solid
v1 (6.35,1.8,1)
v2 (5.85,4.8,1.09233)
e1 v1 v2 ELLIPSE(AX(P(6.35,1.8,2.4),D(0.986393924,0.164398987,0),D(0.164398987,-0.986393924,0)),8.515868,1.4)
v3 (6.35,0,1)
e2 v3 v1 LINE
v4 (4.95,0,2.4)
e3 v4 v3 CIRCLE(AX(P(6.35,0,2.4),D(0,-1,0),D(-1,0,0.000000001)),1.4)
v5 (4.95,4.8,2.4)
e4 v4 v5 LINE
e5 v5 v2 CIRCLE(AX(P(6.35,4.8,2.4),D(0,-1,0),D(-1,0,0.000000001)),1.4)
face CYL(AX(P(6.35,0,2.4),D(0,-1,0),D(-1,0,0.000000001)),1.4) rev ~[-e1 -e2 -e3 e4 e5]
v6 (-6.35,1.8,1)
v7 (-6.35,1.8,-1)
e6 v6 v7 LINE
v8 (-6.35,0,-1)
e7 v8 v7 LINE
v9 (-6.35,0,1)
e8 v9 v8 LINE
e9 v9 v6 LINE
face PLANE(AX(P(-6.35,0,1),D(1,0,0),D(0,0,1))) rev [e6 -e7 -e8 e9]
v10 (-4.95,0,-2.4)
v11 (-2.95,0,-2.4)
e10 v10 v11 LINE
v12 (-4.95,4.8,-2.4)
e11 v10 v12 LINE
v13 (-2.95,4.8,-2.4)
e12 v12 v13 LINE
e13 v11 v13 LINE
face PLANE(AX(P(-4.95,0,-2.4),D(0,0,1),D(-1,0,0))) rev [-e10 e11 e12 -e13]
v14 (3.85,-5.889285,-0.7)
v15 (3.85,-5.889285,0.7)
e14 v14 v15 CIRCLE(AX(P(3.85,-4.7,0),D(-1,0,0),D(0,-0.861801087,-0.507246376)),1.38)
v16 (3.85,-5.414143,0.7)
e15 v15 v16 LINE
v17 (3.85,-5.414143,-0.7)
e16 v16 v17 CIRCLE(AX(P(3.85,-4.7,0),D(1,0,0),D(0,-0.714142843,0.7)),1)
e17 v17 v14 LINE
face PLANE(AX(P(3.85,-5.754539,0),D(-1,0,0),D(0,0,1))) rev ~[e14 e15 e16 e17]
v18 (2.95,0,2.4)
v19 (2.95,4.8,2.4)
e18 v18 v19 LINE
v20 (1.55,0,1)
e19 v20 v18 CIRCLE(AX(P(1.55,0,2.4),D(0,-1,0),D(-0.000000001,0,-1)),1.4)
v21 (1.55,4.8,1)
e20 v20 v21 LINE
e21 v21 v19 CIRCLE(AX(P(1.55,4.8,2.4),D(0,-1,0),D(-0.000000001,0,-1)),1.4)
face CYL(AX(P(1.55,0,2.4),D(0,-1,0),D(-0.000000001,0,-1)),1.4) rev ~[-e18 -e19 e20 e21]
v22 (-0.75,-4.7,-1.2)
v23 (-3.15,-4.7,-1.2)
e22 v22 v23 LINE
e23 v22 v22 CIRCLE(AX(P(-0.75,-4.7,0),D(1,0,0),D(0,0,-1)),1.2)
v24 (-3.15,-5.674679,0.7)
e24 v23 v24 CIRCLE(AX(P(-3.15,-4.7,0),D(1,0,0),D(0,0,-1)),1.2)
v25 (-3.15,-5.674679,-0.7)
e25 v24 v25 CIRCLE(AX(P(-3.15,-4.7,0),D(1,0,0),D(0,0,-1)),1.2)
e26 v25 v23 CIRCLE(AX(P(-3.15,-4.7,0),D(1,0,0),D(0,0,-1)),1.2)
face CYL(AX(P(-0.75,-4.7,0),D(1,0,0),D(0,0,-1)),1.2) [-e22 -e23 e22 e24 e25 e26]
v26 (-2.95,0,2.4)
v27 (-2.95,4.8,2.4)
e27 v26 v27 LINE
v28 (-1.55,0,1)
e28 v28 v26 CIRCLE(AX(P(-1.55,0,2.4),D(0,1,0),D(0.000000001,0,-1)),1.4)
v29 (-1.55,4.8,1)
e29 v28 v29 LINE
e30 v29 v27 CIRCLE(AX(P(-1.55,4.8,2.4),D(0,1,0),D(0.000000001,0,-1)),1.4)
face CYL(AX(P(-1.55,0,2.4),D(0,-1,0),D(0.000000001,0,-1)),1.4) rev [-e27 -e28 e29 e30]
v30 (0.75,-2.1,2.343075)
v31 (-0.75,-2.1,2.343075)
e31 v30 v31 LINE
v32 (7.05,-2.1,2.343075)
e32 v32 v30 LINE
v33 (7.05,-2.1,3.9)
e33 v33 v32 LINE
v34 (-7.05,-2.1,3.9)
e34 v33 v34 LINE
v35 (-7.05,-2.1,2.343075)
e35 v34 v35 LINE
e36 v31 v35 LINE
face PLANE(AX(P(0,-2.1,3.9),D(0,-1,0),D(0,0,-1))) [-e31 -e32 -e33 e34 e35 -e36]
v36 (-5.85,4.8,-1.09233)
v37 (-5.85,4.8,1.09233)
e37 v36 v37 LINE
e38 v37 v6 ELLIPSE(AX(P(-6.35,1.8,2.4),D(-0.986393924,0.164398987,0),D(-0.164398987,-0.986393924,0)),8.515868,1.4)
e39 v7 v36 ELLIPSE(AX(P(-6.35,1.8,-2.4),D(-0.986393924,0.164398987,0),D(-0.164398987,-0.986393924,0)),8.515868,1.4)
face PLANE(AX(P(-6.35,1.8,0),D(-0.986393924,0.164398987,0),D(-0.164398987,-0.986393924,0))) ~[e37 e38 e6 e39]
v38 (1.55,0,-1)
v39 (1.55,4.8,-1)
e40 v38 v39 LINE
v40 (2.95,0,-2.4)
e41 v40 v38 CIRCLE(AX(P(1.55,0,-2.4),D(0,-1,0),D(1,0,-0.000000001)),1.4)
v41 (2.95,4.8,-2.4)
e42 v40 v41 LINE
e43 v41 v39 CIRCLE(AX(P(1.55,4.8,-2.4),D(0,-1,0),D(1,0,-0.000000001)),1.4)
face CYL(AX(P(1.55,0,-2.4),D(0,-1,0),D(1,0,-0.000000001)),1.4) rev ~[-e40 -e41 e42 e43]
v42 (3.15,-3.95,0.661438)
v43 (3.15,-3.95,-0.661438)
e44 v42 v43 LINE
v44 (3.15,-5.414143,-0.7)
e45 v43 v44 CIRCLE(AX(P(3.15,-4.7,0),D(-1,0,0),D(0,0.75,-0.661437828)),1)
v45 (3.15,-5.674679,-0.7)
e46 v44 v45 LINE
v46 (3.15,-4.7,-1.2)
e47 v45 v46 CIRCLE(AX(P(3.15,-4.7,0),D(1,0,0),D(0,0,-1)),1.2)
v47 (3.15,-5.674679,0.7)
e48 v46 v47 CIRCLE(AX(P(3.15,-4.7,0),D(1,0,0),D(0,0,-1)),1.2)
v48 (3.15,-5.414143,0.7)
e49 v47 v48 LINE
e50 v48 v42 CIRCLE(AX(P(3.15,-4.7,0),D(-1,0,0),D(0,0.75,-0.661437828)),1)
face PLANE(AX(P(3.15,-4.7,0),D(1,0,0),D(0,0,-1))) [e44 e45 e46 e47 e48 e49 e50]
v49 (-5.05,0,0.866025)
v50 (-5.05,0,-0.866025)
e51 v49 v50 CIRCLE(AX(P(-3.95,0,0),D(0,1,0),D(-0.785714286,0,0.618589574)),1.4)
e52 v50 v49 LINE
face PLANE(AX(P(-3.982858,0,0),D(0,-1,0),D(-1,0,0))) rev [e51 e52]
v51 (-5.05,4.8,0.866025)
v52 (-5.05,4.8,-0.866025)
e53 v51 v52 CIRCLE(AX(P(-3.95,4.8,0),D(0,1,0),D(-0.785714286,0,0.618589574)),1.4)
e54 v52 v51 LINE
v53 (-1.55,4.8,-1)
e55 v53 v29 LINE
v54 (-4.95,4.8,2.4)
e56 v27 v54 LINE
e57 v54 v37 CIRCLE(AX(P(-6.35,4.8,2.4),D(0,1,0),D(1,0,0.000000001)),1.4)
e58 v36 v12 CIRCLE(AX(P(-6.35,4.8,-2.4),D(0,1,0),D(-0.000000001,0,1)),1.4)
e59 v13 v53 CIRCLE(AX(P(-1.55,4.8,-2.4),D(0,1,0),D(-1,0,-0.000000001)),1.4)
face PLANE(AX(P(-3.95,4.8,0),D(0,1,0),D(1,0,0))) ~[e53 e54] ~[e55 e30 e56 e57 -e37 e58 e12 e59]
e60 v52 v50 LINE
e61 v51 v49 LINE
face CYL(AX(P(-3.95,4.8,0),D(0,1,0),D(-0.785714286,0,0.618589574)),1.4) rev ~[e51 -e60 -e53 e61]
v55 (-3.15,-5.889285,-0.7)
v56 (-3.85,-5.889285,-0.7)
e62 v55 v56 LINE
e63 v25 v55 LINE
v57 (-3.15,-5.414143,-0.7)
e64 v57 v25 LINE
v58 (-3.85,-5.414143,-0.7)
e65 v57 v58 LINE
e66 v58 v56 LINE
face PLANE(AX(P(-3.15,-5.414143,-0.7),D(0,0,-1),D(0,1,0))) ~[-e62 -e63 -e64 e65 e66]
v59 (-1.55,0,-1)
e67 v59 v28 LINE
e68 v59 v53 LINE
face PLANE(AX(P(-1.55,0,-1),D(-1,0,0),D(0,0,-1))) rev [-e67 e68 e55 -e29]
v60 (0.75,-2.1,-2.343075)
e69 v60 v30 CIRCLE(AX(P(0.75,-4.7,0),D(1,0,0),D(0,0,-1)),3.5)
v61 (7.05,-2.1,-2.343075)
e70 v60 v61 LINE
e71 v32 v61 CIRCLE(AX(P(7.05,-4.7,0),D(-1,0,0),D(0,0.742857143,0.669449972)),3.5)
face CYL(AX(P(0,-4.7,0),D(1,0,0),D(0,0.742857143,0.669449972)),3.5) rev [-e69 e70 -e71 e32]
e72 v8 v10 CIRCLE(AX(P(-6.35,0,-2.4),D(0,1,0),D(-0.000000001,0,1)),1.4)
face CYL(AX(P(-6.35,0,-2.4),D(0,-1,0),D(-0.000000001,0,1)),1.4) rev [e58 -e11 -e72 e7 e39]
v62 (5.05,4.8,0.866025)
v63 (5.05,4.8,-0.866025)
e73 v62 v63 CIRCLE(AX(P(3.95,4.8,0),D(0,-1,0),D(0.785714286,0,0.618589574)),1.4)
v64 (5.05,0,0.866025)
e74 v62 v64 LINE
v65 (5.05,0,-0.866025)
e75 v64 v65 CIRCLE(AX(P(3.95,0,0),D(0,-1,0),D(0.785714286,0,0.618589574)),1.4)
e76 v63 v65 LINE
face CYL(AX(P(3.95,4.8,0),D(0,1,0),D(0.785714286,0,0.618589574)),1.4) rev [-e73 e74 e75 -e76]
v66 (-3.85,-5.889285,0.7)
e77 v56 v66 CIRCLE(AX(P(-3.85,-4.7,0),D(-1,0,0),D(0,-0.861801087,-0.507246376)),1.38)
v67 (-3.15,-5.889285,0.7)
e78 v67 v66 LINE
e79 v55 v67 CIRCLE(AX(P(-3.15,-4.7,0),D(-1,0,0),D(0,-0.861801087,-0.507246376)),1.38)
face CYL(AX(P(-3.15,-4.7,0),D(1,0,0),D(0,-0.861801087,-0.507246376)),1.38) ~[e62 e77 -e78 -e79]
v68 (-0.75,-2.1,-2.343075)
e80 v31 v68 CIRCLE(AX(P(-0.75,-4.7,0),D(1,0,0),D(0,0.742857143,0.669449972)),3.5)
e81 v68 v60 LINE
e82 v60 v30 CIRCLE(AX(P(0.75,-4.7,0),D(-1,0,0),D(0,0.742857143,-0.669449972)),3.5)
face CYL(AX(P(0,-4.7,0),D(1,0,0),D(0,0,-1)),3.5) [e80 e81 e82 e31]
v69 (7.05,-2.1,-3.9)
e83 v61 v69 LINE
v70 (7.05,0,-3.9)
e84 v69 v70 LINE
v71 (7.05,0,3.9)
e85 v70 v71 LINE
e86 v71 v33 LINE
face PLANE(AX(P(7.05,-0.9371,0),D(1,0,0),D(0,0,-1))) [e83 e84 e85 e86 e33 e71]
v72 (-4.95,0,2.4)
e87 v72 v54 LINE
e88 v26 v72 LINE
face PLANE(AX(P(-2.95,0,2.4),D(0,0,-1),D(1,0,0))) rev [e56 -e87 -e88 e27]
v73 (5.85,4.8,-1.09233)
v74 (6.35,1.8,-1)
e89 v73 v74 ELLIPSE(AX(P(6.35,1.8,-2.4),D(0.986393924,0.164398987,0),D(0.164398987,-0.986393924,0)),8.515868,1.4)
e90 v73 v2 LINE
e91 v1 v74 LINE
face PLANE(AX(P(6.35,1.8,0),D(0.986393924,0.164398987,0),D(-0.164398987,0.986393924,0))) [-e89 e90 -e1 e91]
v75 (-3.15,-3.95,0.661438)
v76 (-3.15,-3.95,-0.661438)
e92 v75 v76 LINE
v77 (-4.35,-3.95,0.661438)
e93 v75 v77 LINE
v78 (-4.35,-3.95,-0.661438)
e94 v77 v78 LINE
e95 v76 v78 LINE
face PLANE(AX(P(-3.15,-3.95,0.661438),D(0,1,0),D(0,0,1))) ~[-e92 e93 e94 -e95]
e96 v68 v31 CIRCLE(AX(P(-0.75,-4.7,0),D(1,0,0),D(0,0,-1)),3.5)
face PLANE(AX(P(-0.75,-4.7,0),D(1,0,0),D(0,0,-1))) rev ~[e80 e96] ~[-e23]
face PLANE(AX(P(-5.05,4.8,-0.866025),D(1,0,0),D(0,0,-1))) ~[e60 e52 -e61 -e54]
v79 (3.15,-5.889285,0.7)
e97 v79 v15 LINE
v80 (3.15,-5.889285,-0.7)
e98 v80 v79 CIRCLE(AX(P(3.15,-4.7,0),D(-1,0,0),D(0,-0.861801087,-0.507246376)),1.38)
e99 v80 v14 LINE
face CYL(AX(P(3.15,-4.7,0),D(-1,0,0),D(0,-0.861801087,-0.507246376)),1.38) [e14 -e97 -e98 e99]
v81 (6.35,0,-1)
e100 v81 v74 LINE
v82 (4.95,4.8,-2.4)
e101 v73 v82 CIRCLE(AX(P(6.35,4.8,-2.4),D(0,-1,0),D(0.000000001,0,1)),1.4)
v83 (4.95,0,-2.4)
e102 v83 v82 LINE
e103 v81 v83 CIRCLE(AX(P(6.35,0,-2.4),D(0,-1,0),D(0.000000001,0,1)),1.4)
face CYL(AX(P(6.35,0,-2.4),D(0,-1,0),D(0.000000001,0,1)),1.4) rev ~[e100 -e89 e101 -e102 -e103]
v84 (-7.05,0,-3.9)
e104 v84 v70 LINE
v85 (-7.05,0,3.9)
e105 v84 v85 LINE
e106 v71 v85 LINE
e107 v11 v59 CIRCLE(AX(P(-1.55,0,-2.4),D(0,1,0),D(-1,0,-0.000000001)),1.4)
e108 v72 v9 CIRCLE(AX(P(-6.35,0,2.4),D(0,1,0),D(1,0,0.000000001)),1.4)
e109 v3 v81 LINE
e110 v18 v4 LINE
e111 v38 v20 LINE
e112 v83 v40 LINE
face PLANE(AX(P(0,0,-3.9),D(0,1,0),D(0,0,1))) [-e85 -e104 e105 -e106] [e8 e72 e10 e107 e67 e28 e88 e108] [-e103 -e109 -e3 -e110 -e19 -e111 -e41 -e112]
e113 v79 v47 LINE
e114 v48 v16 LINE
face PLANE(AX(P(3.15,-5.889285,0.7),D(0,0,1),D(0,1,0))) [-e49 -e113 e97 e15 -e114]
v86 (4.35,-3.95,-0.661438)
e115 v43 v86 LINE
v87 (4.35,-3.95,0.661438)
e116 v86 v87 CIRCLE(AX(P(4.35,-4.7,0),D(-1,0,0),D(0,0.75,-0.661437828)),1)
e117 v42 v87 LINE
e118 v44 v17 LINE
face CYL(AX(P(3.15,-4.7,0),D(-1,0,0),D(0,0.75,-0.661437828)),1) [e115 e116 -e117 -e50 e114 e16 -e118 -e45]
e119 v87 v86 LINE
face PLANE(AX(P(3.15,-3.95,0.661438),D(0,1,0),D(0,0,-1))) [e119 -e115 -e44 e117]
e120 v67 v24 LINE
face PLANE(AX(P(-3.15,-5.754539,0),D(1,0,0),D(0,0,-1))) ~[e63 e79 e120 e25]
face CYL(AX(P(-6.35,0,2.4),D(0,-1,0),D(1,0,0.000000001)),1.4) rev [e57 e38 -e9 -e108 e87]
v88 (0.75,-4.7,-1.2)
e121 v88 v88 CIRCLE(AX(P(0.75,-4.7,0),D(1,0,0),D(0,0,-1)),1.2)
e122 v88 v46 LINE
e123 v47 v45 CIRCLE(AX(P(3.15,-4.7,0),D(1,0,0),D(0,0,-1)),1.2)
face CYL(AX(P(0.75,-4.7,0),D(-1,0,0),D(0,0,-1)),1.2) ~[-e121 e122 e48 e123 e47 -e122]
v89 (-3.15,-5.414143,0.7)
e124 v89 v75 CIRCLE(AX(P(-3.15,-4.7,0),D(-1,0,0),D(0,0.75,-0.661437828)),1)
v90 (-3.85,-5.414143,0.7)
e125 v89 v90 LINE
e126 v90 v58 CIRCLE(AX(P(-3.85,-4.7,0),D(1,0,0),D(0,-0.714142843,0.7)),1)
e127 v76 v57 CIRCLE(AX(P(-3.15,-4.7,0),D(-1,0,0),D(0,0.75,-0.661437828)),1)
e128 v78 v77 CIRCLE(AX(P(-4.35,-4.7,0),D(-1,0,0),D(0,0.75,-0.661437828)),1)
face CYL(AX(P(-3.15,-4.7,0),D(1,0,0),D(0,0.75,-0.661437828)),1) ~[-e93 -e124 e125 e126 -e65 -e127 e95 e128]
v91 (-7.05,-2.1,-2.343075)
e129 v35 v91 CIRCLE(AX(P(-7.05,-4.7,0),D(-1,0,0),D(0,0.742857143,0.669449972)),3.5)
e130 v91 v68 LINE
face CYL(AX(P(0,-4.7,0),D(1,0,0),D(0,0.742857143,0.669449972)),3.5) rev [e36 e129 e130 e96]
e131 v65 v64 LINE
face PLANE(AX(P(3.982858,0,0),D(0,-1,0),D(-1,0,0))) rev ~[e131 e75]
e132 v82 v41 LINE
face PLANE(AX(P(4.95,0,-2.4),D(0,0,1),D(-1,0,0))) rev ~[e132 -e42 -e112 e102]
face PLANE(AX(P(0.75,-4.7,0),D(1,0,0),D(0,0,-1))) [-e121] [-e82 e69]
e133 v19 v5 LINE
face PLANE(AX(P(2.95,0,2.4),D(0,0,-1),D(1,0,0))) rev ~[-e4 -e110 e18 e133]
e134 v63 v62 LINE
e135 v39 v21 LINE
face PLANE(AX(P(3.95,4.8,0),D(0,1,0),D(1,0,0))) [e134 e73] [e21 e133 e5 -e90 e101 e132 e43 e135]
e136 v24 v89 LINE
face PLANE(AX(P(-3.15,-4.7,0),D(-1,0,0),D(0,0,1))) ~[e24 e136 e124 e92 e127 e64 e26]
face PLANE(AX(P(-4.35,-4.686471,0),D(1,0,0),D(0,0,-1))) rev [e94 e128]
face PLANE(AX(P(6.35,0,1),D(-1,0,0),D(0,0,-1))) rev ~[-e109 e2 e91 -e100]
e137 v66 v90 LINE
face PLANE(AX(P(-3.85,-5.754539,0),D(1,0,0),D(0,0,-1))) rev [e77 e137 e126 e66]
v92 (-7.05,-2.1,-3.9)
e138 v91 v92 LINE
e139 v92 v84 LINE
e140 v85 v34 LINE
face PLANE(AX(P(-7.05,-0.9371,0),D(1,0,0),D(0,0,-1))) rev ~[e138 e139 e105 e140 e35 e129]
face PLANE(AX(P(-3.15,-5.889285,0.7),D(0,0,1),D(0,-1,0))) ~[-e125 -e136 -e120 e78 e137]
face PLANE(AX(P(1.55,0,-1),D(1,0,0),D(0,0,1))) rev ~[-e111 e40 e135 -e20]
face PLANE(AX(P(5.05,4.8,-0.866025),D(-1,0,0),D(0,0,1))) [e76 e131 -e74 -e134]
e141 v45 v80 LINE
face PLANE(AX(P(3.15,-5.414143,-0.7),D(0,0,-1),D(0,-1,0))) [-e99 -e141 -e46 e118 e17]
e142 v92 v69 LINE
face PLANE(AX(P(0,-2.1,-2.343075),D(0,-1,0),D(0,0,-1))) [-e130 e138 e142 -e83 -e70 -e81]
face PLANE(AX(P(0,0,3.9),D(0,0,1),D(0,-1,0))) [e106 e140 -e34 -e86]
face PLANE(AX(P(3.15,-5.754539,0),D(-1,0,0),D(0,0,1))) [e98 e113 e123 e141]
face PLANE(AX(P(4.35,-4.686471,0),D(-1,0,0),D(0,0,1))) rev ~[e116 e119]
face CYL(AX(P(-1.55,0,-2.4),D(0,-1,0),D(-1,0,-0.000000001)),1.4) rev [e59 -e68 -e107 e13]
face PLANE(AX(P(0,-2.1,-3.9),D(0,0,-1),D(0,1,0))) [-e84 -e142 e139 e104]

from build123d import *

# Parameters (mm, degrees)
HIB_BASE_DEPTH        = 7.05
SKETCH1_3_R           = 3.5
LEG_JOINT_DEPTH       = 0.75
SKETCH2_R             = 1.2
LEG_PEG_DEPTH         = 2.4
LEG_PEG_INNER_DEPTH   = 1.2
LEG_LOCK_DEPTH        = 0.7
HIP_PEG_DEPTH         = 4.8
HIP_CAVITY_DEPTH      = 4.8
HIP_PEG_CHAMFER_DEPTH = 4.9


with BuildPart() as part:
    # Sketch1 → Hib Base (new body, symmetric)
    with BuildSketch(Plane(origin=(0, 0, 0), x_dir=(0, 0, -1), z_dir=(1, 0, 0))):
        with BuildLine():
            ThreePointArc((-2.343074903, -2.1), (0, -1.2), (2.343074903, -2.1))
            Line((2.343074903, -2.1), (3.9, -2.1))
            Line((3.9, -2.1), (3.9, 0))
            Line((3.9, 0), (-3.9, 0))
            Line((-3.9, 0), (-3.9, -2.1))
            Line((-3.9, -2.1), (-2.343074903, -2.1))
        make_face()
    extrude(amount=HIB_BASE_DEPTH, both=True)

    # Sketch1<3> → Leg Joint (add, symmetric)
    with BuildSketch(Plane(origin=(0, 0, 0), x_dir=(0, 0, -1), z_dir=(1, 0, 0))):
        with Locations((0, -4.7)):
            Circle(SKETCH1_3_R)
    extrude(amount=LEG_JOINT_DEPTH, both=True)

    # Sketch2 → Leg Peg (add)
    with BuildSketch(Plane(origin=(0.75, 0, 0), x_dir=(0, 0, -1), z_dir=(1, 0, 0))):
        with Locations((0, -4.7)):
            Circle(SKETCH2_R)
    leg_peg = extrude(amount=LEG_PEG_DEPTH)

    # Sketch3 → Leg Peg Inner (add)
    with BuildSketch(Plane(origin=(3.15, 0, 0), x_dir=(0, 0, -1), z_dir=(1, 0, 0))):
        with BuildLine():
            Line((-0.661437828, -3.95), (0.661437828, -3.95))
            ThreePointArc((0.661437828, -3.95), (0, -5.7), (-0.661437828, -3.95))
        make_face()
    leg_peg_inner = extrude(amount=LEG_PEG_INNER_DEPTH)

    # Sketch4 → Leg Lock (add)
    with BuildSketch(Plane(origin=(3.15, 0, 0), x_dir=(0, 0, -1), z_dir=(1, 0, 0))):
        with BuildLine():
            Line((-0.7, -5.8892855), (-0.7, -5.414142843))
            ThreePointArc((-0.7, -5.414142843), (0, -5.7), (0.7, -5.414142843))
            Line((0.7, -5.414142843), (0.7, -5.8892855))
            ThreePointArc((0.7, -5.8892855), (0, -6.08), (-0.7, -5.8892855))
        make_face()
    leg_lock = extrude(amount=LEG_LOCK_DEPTH)

    # Sketch5 → Hip Peg (add)
    with BuildSketch(Plane(origin=(0, 0, 0), x_dir=(1, 0, 0), z_dir=(0, 1, 0))):
        with BuildLine():
            ThreePointArc((1.55, -1), (2.539949494, -1.410050506), (2.95, -2.4))
            Line((2.95, -2.4), (4.95, -2.4))
            ThreePointArc((4.95, -2.4), (5.360050506, -1.410050506), (6.35, -1))
            Line((6.35, -1), (6.35, 1))
            ThreePointArc((6.35, 1), (5.360050506, 1.410050506), (4.95, 2.4))
            Line((4.95, 2.4), (2.95, 2.4))
            ThreePointArc((2.95, 2.4), (2.539949494, 1.410050506), (1.55, 1))
            Line((1.55, 1), (1.55, -1))
        make_face()
    hip_peg = extrude(amount=HIP_PEG_DEPTH)

    # Sketch6 → Hip Cavity (cut)
    with BuildSketch(Plane(origin=(0, 4.8, 0), x_dir=(1, 0, 0), z_dir=(0, 1, 0))):
        with BuildLine():
            Line((5.05, 0.866025404), (5.05, -0.866025404))
            ThreePointArc((5.05, -0.866025404), (2.55, 0), (5.05, 0.866025404))
        make_face()
    hip_cavity = extrude(amount=-HIP_CAVITY_DEPTH, mode=Mode.SUBTRACT)

    # Sketch7 → Hip Peg Chamfer (cut, symmetric)
    with BuildSketch(Plane.XY):
        Polygon((6.35, 4.8), (6.35, 1.8), (5.85, 4.8), align=None)
    hip_peg_chamfer = extrude(amount=HIP_PEG_CHAMFER_DEPTH, both=True, mode=Mode.SUBTRACT)

    # Mirror1: Leg Peg, Leg Peg Inner, Leg Lock, Hip Peg, Hip Cavity, Hip Peg Chamfer across plane
    add(leg_peg.mirror(Plane(origin=(0, 0, 0), x_dir=(0, 0, 1), z_dir=(1, 0, 0))))
    add(leg_peg_inner.mirror(Plane(origin=(0, 0, 0), x_dir=(0, 0, 1), z_dir=(1, 0, 0))))
    add(leg_lock.mirror(Plane(origin=(0, 0, 0), x_dir=(0, 0, 1), z_dir=(1, 0, 0))))
    add(hip_peg.mirror(Plane(origin=(0, 0, 0), x_dir=(0, 0, 1), z_dir=(1, 0, 0))))
    add(hip_cavity.mirror(Plane(origin=(0, 0, 0), x_dir=(0, 0, 1), z_dir=(1, 0, 0))), mode=Mode.SUBTRACT)
    add(hip_peg_chamfer.mirror(Plane(origin=(0, 0, 0), x_dir=(0, 0, 1), z_dir=(1, 0, 0))), mode=Mode.SUBTRACT)


solid = part.part
